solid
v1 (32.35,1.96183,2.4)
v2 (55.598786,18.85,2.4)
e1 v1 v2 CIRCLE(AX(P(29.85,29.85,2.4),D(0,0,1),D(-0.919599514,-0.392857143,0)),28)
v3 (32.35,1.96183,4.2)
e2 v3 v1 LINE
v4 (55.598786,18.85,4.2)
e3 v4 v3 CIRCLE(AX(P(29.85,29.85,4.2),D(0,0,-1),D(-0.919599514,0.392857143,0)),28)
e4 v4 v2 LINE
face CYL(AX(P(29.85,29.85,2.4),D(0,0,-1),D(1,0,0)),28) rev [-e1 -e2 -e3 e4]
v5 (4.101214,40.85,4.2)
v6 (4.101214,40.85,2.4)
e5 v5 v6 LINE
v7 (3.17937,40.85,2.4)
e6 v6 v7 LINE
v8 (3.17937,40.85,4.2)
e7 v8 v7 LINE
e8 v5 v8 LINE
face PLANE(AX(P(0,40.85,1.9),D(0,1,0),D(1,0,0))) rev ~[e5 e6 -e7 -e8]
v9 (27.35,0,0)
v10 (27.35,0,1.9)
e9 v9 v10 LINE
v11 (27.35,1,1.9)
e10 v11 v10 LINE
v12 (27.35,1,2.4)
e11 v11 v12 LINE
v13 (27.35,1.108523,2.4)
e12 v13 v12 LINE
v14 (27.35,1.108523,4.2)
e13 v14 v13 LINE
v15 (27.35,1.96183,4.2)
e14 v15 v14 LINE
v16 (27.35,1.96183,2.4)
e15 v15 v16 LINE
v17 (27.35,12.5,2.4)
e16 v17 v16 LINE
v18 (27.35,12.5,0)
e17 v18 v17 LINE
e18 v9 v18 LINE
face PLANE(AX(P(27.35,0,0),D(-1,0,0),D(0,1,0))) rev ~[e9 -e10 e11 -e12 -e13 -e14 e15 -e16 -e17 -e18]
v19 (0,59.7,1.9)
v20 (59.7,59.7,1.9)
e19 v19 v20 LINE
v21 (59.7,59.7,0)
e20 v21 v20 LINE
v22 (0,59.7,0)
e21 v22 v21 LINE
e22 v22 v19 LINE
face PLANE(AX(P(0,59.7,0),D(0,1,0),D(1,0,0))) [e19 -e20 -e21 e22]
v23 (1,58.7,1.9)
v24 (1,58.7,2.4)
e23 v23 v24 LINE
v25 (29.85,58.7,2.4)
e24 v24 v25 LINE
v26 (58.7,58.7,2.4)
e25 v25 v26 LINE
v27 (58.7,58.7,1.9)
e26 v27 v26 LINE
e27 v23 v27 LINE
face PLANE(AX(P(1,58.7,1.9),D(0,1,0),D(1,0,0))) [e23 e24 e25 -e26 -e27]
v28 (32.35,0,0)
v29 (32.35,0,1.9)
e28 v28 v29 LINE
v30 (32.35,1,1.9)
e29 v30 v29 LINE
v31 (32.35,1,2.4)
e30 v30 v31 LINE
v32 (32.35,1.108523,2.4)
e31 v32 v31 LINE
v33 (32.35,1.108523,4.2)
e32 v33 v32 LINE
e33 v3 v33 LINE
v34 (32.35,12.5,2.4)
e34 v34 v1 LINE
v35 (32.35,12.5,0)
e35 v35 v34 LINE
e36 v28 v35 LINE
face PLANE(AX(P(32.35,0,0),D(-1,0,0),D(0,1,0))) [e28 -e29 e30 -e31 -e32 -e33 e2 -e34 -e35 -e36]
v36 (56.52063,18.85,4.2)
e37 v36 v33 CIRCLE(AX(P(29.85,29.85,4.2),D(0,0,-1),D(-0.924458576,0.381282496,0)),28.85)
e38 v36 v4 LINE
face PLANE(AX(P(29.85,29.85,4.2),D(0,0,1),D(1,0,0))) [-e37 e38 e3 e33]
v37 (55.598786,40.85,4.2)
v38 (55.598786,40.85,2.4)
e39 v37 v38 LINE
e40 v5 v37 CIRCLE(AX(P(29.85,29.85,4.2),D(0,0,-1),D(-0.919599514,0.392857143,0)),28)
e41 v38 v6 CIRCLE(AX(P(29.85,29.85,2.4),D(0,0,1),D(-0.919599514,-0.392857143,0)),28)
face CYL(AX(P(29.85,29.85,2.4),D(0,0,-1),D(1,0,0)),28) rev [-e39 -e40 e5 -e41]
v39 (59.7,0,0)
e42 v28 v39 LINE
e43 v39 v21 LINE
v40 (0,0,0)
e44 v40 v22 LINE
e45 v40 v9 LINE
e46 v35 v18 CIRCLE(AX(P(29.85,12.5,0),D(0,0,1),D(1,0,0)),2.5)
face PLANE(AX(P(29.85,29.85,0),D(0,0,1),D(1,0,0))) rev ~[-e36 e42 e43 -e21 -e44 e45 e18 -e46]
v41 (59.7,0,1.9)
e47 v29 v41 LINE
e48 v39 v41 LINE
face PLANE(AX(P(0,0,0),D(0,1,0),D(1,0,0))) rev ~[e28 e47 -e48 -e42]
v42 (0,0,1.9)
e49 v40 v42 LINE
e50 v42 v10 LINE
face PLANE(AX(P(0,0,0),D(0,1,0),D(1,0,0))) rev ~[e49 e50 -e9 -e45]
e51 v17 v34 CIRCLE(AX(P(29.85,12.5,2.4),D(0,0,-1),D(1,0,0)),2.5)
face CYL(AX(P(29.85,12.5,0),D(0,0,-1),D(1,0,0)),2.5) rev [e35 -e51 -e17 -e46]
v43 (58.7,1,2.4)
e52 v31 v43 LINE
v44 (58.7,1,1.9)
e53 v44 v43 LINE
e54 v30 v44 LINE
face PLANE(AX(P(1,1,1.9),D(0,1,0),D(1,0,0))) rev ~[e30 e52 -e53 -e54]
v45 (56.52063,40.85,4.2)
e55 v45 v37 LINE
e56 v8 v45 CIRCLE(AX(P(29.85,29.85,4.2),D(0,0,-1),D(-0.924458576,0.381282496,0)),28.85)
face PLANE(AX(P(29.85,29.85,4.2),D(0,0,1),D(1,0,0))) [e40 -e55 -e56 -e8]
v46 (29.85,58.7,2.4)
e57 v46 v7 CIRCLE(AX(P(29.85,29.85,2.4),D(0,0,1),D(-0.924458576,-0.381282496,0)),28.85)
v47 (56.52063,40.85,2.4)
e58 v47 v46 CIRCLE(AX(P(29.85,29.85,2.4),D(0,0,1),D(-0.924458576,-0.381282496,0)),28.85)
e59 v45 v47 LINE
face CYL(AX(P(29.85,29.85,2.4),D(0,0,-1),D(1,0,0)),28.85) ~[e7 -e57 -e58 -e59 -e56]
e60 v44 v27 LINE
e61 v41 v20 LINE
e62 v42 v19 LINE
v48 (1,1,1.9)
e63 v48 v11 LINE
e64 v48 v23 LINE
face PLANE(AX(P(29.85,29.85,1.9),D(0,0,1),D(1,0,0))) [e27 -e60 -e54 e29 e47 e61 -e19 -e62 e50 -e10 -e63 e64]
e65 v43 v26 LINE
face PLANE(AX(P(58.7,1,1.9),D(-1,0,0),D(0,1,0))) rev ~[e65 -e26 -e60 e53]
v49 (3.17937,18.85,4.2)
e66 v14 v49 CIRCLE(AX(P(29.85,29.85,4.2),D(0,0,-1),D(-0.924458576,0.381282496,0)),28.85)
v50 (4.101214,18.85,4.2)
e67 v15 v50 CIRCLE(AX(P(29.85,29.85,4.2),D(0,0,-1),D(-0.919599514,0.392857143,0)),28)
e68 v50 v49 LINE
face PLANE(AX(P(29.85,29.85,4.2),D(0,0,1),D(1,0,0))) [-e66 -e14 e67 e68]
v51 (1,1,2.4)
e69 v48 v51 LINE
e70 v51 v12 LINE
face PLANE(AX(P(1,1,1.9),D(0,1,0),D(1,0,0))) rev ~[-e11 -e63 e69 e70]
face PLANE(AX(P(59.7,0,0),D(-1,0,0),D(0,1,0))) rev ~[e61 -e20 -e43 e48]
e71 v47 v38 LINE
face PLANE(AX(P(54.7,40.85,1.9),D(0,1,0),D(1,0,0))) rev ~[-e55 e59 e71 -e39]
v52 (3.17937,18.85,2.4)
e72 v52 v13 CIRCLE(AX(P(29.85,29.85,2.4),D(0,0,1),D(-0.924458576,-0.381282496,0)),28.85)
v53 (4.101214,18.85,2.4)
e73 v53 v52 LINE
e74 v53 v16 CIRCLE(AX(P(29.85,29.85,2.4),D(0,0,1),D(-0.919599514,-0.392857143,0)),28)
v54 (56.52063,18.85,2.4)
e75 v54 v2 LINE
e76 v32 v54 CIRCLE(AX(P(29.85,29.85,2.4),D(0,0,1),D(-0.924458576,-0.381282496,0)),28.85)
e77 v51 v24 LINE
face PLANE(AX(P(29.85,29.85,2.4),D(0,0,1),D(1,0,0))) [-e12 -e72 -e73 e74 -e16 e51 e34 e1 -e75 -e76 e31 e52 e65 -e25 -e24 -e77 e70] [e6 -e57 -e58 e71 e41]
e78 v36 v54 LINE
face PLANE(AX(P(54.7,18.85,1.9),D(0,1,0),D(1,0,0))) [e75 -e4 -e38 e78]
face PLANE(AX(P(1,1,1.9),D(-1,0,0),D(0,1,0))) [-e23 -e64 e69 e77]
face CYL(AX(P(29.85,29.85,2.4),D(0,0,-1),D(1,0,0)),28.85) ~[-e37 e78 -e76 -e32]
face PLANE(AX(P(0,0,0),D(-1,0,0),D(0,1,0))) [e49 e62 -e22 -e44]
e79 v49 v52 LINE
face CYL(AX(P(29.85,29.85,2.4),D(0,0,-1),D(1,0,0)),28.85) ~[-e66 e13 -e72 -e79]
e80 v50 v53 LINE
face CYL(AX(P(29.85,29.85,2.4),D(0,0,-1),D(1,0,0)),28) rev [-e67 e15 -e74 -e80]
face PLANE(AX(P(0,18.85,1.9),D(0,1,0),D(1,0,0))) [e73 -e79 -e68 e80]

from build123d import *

# Parameters (mm, degrees)
CYLINDER002_R     = 2.5
CYLINDER002_DEPTH = 5
BOX024_W          = 5
BOX024_H          = 12.5
BOX024_DEPTH      = 5
BOX001_W          = 57.7
BOX001_H          = 57.7
BOX001_DEPTH      = 0.5
BOX_W             = 59.7
BOX_H             = 59.7
BOX_DEPTH         = 1.9
BOX003_W          = 5
BOX003_H          = 22
BOX003_DEPTH      = 2.5
BOX002_W          = 5
BOX002_H          = 22
BOX002_DEPTH      = 2.5
CYLINDER001_R     = 28
CYLINDER001_DEPTH = 1.8
CYLINDER_R        = 28.85
CYLINDER_DEPTH    = 1.8


with BuildPart() as cylinder001:
    # Cylinder002 → Cylinder002 (new body)
    with BuildSketch(Plane(origin=(29.85, 12.5, 0), x_dir=(1, 0, 0), z_dir=(0, 0, 1))):
        Circle(CYLINDER002_R)
    extrude(amount=CYLINDER002_DEPTH)


with BuildPart() as cube:
    # Box024 → Box024 (new body)
    with BuildSketch(Plane(origin=(27.35, 0, 0), x_dir=(1, 0, 0), z_dir=(0, 0, 1))):
        with Locations((2.5, 6.25)):
            Rectangle(BOX024_W, BOX024_H)
    extrude(amount=BOX024_DEPTH)


with BuildPart() as layer_inside_base:
    # Box001 → Box001 (new body)
    with BuildSketch(Plane(origin=(1, 1, 1.9), x_dir=(1, 0, 0), z_dir=(0, 0, 1))):
        with Locations((28.85, 28.85)):
            Rectangle(BOX001_W, BOX001_H)
    extrude(amount=BOX001_DEPTH)


with BuildPart() as plate:
    # Box → Box (new body)
    with BuildSketch(Plane.XY):
        with Locations((29.85, 29.85)):
            Rectangle(BOX_W, BOX_H)
    extrude(amount=BOX_DEPTH)

    # Fusion: union Layer_Inside_Base
    add(layer_inside_base.part)


with BuildPart() as box003:
    # Box003 → Box003 (new body)
    with BuildSketch(Plane(origin=(54.7, 18.85, 1.9), x_dir=(1, 0, 0), z_dir=(0, 0, 1))):
        with Locations((2.5, 11)):
            Rectangle(BOX003_W, BOX003_H)
    extrude(amount=BOX003_DEPTH)


with BuildPart() as box002:
    # Box002 → Box002 (new body)
    with BuildSketch(Plane(origin=(0, 18.85, 1.9), x_dir=(1, 0, 0), z_dir=(0, 0, 1))):
        with Locations((2.5, 11)):
            Rectangle(BOX002_W, BOX002_H)
    extrude(amount=BOX002_DEPTH)


with BuildPart() as cylinder_inside:
    # Cylinder001 → Cylinder001 (new body)
    with BuildSketch(Plane(origin=(29.85, 29.85, 2.4), x_dir=(1, 0, 0), z_dir=(0, 0, 1))):
        Circle(CYLINDER001_R)
    extrude(amount=CYLINDER001_DEPTH)


with BuildPart() as cut006:
    # Cylinder → Cylinder (new body)
    with BuildSketch(Plane(origin=(29.85, 29.85, 2.4), x_dir=(1, 0, 0), z_dir=(0, 0, 1))):
        Circle(CYLINDER_R)
    extrude(amount=CYLINDER_DEPTH)

    # Cut: cut Cylinder_Inside
    add(cylinder_inside.part, mode=Mode.SUBTRACT)

    # Cut001: cut Box002
    add(box002.part, mode=Mode.SUBTRACT)

    # Cut002: cut Box003
    add(box003.part, mode=Mode.SUBTRACT)

    # Fusion001: union Plate
    add(plate.part)

    # Cut005: cut Cube
    add(cube.part, mode=Mode.SUBTRACT)

    # Cut006: cut Cylinder001
    add(cylinder001.part, mode=Mode.SUBTRACT)


solid = cut006.part
